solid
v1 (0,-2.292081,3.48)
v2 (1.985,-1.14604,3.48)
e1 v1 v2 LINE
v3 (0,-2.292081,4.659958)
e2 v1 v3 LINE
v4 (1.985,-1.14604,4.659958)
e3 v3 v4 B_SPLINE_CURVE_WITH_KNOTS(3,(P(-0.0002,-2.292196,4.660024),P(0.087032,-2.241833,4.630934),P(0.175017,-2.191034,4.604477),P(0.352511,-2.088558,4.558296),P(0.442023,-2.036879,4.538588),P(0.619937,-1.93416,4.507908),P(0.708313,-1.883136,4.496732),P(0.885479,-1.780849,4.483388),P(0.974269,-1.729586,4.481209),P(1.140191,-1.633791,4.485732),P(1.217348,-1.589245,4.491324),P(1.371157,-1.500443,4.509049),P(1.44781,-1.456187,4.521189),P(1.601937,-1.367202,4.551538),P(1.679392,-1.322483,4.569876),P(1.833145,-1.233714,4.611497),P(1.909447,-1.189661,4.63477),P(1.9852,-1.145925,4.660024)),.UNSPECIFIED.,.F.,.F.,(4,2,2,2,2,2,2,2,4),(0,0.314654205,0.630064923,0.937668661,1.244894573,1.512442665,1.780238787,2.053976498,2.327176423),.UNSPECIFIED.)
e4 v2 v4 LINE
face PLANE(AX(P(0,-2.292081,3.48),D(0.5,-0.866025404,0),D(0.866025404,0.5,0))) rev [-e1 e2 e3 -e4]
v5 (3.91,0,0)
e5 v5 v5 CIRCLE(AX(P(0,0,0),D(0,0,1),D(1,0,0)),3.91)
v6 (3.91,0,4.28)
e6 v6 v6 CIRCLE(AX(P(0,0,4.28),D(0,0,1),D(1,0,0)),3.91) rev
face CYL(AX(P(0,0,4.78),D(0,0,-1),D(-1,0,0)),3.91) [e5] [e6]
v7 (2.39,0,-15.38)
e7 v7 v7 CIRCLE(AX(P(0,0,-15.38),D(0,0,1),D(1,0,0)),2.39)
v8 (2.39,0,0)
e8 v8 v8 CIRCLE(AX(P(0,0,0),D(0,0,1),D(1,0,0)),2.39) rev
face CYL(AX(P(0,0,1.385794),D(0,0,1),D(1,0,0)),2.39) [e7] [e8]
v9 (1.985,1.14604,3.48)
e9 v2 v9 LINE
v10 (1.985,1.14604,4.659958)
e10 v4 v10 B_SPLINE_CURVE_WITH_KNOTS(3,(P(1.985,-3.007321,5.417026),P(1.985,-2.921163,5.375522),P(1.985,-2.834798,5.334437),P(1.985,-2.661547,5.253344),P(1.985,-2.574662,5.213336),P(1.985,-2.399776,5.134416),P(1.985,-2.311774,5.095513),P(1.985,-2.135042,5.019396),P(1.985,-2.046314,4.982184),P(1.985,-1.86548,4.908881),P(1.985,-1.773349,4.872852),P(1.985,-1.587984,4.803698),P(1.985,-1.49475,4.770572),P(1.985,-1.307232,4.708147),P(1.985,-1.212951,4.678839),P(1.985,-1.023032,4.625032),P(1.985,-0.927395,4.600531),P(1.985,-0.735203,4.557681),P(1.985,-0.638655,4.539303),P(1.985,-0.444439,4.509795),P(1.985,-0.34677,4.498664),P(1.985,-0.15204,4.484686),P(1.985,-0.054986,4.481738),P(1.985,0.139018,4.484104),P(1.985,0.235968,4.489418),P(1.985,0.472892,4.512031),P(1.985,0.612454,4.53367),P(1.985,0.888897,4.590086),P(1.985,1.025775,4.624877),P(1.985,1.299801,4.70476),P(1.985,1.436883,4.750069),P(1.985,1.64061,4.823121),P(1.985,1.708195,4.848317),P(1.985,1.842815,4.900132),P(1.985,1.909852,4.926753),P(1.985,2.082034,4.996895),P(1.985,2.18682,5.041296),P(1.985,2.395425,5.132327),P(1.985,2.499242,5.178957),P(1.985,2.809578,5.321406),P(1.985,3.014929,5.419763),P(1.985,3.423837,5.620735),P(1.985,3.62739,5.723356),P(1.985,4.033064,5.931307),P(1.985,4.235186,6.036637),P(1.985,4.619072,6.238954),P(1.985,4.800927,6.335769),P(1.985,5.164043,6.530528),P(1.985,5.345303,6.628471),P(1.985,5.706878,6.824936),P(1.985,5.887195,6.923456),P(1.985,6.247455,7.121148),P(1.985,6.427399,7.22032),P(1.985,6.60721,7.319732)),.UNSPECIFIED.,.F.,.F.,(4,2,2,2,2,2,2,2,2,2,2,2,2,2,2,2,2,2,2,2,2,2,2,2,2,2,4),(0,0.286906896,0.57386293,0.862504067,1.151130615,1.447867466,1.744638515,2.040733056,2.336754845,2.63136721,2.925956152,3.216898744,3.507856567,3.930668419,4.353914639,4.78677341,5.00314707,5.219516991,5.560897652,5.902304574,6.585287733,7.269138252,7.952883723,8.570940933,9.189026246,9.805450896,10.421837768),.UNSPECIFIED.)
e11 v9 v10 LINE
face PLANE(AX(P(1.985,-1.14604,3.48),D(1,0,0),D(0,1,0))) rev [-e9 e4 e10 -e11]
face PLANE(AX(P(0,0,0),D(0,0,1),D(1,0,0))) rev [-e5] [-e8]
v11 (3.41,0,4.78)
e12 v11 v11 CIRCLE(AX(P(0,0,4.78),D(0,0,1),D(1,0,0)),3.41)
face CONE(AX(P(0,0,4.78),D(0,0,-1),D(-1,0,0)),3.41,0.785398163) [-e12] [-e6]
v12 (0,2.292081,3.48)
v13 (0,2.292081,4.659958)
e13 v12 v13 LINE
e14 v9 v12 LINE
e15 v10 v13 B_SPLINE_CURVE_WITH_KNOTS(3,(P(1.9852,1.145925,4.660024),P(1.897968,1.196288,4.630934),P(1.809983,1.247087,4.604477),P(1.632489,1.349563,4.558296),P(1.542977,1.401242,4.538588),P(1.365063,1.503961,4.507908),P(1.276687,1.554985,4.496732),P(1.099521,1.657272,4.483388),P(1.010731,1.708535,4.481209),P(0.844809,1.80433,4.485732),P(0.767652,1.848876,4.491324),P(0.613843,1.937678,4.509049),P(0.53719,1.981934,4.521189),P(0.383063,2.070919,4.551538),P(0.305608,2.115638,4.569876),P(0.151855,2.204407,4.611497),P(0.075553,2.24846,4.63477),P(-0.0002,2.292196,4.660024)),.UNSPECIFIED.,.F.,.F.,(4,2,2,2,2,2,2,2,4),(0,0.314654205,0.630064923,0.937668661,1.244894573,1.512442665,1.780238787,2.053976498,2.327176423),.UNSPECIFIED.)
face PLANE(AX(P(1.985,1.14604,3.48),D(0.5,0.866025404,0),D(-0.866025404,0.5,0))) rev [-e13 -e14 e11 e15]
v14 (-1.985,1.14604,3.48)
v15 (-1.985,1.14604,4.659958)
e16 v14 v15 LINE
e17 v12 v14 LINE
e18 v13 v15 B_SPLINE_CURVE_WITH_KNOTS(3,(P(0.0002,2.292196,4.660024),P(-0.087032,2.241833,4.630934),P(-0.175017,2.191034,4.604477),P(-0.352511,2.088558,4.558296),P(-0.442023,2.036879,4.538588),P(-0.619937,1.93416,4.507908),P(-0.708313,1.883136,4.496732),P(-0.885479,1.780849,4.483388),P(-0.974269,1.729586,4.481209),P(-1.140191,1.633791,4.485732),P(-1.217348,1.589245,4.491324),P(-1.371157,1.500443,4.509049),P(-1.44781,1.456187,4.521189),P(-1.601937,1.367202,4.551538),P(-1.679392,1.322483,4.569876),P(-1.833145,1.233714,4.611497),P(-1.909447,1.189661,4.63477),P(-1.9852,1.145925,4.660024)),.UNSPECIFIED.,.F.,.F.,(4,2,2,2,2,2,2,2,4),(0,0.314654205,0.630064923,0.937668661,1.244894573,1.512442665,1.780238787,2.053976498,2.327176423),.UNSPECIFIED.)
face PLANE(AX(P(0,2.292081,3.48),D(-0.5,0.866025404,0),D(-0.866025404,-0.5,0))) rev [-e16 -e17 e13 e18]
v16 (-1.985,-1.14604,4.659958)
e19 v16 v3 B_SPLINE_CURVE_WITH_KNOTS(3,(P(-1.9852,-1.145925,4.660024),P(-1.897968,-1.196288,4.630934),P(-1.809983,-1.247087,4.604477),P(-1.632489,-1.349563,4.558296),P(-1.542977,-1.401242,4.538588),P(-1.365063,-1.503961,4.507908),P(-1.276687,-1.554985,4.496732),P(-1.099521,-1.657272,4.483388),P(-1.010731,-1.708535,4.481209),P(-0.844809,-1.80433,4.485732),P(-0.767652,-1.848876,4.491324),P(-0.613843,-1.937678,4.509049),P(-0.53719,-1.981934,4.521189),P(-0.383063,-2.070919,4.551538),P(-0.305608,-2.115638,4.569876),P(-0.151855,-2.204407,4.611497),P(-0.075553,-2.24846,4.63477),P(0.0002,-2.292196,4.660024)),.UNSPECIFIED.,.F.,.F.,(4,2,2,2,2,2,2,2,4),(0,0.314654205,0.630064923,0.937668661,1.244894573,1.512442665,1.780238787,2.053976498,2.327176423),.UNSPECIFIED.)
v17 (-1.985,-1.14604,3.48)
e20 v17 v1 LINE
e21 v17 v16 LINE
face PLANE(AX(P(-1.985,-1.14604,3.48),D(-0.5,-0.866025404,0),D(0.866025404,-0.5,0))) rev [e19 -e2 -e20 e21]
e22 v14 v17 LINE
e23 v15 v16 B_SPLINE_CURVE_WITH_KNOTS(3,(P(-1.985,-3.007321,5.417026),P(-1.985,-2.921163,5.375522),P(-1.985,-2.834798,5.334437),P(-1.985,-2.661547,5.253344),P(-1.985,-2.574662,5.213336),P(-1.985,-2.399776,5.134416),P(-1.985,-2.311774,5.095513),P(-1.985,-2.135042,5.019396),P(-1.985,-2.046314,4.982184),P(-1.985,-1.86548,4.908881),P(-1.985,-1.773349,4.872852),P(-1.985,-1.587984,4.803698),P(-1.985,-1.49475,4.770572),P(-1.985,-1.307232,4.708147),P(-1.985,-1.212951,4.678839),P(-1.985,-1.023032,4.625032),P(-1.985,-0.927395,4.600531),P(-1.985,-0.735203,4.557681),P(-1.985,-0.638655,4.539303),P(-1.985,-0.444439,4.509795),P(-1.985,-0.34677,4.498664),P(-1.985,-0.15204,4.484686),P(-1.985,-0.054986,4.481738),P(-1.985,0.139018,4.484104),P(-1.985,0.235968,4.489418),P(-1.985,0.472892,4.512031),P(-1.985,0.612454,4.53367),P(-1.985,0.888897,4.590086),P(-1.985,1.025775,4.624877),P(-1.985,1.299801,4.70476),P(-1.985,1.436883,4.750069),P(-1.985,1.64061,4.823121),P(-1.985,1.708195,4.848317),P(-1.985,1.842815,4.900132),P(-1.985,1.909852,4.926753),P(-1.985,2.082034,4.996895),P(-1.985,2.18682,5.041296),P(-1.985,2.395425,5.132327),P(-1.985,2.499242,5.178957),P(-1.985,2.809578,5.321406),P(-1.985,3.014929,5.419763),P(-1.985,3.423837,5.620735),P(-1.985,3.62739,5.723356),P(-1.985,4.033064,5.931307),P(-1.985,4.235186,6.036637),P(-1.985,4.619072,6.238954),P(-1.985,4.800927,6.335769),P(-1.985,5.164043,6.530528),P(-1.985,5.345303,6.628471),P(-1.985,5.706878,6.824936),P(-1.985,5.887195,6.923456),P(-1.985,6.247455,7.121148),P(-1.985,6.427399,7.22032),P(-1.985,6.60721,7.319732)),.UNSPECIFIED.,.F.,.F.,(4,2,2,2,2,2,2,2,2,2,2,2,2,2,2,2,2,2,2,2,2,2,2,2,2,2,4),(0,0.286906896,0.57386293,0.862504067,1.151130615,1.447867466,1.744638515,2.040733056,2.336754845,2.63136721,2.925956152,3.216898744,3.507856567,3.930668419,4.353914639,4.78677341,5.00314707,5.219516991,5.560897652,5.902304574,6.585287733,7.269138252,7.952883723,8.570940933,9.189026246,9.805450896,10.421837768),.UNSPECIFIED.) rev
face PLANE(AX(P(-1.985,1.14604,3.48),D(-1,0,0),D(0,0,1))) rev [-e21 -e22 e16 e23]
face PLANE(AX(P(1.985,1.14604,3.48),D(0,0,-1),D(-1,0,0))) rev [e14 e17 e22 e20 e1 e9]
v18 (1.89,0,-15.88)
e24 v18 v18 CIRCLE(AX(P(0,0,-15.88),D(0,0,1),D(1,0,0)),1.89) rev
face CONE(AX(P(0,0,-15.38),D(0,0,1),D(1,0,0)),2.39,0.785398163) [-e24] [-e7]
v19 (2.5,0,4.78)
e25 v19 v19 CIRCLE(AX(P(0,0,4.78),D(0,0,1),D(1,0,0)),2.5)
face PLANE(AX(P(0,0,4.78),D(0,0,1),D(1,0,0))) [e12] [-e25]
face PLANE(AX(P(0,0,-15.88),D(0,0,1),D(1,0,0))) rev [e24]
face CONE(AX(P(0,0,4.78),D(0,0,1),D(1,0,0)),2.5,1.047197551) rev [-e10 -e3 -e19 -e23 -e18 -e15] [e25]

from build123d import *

# Parameters (mm, degrees)
SKE1_R          = 3.91
BASE1_DEPTH     = 4.78
BODYSKE_W       = 20.66
BODYSKE_H       = 2.39
HEX_2_DEPTH     = 1.3
SKE9_R          = 2.5
CHAMFER_2_DEPTH = 1.3
CHAMFER_2_DRAFT = -60
CHAMFER1_SIZE   = 0.5


with BuildPart() as part:
    # Ske1 → Base1 (new body)
    with BuildSketch(Plane.XY):
        Circle(SKE1_R)
    extrude(amount=BASE1_DEPTH)

    # BodySke → BaseBody (revolve)
    with BuildSketch(Plane(origin=(0, 0, 0), x_dir=(0, 0, -1), z_dir=(1, 0, 0)), mode=Mode.PRIVATE) as basebody_sk:
        with Locations((5.55, 1.195)):
            Rectangle(BODYSKE_W, BODYSKE_H)
    revolve(basebody_sk.sketch.rotate(Axis((0, 0, 1.385793675), (0, 0, -1)), 90), axis=Axis((0, 0, 1.385793675), (0, 0, -1)))

    # Ske8 → Hex 2 (cut)
    with BuildSketch(Plane.XY.offset(4.78)):
        Polygon((0, 2.292080569), (-1.985, 1.146040284), (-1.985, -1.146040284), (0, -2.292080569), (1.985, -1.146040284), (1.985, 1.146040284), align=None)
    extrude(amount=-HEX_2_DEPTH, mode=Mode.SUBTRACT)


with BuildPart() as chamfer_2_tool:
    # Ske9 → Chamfer 2 (with draft: the straight prism first)
    with BuildSketch(Plane.XY.offset(4.78)):
        Circle(SKE9_R)
    extrude(amount=-CHAMFER_2_DEPTH)
    # Chamfer 2: the draft: its side faces are tilted about the plane it starts from
    chamfer_2_sides = [chamfer_2_tool.faces().sort_by_distance(p)[0] for p in [
        (-2.5, 0, 4.13),
    ]]
    draft(chamfer_2_sides, Plane.XY.offset(4.78), CHAMFER_2_DRAFT)


with BuildPart() as part_1:
    add(part.part)

    # Chamfer 2: cut by chamfer_2_tool
    add(chamfer_2_tool.part, mode=Mode.SUBTRACT)

    # Chamfer1
    chamfer1_edges = [part_1.edges().sort_by_distance(p)[0] for p in [
        (-3.91, 0, 4.78),
        (-2.39, 0, -15.88),
    ]]
    chamfer(chamfer1_edges, length=CHAMFER1_SIZE)


solid = part_1.part
